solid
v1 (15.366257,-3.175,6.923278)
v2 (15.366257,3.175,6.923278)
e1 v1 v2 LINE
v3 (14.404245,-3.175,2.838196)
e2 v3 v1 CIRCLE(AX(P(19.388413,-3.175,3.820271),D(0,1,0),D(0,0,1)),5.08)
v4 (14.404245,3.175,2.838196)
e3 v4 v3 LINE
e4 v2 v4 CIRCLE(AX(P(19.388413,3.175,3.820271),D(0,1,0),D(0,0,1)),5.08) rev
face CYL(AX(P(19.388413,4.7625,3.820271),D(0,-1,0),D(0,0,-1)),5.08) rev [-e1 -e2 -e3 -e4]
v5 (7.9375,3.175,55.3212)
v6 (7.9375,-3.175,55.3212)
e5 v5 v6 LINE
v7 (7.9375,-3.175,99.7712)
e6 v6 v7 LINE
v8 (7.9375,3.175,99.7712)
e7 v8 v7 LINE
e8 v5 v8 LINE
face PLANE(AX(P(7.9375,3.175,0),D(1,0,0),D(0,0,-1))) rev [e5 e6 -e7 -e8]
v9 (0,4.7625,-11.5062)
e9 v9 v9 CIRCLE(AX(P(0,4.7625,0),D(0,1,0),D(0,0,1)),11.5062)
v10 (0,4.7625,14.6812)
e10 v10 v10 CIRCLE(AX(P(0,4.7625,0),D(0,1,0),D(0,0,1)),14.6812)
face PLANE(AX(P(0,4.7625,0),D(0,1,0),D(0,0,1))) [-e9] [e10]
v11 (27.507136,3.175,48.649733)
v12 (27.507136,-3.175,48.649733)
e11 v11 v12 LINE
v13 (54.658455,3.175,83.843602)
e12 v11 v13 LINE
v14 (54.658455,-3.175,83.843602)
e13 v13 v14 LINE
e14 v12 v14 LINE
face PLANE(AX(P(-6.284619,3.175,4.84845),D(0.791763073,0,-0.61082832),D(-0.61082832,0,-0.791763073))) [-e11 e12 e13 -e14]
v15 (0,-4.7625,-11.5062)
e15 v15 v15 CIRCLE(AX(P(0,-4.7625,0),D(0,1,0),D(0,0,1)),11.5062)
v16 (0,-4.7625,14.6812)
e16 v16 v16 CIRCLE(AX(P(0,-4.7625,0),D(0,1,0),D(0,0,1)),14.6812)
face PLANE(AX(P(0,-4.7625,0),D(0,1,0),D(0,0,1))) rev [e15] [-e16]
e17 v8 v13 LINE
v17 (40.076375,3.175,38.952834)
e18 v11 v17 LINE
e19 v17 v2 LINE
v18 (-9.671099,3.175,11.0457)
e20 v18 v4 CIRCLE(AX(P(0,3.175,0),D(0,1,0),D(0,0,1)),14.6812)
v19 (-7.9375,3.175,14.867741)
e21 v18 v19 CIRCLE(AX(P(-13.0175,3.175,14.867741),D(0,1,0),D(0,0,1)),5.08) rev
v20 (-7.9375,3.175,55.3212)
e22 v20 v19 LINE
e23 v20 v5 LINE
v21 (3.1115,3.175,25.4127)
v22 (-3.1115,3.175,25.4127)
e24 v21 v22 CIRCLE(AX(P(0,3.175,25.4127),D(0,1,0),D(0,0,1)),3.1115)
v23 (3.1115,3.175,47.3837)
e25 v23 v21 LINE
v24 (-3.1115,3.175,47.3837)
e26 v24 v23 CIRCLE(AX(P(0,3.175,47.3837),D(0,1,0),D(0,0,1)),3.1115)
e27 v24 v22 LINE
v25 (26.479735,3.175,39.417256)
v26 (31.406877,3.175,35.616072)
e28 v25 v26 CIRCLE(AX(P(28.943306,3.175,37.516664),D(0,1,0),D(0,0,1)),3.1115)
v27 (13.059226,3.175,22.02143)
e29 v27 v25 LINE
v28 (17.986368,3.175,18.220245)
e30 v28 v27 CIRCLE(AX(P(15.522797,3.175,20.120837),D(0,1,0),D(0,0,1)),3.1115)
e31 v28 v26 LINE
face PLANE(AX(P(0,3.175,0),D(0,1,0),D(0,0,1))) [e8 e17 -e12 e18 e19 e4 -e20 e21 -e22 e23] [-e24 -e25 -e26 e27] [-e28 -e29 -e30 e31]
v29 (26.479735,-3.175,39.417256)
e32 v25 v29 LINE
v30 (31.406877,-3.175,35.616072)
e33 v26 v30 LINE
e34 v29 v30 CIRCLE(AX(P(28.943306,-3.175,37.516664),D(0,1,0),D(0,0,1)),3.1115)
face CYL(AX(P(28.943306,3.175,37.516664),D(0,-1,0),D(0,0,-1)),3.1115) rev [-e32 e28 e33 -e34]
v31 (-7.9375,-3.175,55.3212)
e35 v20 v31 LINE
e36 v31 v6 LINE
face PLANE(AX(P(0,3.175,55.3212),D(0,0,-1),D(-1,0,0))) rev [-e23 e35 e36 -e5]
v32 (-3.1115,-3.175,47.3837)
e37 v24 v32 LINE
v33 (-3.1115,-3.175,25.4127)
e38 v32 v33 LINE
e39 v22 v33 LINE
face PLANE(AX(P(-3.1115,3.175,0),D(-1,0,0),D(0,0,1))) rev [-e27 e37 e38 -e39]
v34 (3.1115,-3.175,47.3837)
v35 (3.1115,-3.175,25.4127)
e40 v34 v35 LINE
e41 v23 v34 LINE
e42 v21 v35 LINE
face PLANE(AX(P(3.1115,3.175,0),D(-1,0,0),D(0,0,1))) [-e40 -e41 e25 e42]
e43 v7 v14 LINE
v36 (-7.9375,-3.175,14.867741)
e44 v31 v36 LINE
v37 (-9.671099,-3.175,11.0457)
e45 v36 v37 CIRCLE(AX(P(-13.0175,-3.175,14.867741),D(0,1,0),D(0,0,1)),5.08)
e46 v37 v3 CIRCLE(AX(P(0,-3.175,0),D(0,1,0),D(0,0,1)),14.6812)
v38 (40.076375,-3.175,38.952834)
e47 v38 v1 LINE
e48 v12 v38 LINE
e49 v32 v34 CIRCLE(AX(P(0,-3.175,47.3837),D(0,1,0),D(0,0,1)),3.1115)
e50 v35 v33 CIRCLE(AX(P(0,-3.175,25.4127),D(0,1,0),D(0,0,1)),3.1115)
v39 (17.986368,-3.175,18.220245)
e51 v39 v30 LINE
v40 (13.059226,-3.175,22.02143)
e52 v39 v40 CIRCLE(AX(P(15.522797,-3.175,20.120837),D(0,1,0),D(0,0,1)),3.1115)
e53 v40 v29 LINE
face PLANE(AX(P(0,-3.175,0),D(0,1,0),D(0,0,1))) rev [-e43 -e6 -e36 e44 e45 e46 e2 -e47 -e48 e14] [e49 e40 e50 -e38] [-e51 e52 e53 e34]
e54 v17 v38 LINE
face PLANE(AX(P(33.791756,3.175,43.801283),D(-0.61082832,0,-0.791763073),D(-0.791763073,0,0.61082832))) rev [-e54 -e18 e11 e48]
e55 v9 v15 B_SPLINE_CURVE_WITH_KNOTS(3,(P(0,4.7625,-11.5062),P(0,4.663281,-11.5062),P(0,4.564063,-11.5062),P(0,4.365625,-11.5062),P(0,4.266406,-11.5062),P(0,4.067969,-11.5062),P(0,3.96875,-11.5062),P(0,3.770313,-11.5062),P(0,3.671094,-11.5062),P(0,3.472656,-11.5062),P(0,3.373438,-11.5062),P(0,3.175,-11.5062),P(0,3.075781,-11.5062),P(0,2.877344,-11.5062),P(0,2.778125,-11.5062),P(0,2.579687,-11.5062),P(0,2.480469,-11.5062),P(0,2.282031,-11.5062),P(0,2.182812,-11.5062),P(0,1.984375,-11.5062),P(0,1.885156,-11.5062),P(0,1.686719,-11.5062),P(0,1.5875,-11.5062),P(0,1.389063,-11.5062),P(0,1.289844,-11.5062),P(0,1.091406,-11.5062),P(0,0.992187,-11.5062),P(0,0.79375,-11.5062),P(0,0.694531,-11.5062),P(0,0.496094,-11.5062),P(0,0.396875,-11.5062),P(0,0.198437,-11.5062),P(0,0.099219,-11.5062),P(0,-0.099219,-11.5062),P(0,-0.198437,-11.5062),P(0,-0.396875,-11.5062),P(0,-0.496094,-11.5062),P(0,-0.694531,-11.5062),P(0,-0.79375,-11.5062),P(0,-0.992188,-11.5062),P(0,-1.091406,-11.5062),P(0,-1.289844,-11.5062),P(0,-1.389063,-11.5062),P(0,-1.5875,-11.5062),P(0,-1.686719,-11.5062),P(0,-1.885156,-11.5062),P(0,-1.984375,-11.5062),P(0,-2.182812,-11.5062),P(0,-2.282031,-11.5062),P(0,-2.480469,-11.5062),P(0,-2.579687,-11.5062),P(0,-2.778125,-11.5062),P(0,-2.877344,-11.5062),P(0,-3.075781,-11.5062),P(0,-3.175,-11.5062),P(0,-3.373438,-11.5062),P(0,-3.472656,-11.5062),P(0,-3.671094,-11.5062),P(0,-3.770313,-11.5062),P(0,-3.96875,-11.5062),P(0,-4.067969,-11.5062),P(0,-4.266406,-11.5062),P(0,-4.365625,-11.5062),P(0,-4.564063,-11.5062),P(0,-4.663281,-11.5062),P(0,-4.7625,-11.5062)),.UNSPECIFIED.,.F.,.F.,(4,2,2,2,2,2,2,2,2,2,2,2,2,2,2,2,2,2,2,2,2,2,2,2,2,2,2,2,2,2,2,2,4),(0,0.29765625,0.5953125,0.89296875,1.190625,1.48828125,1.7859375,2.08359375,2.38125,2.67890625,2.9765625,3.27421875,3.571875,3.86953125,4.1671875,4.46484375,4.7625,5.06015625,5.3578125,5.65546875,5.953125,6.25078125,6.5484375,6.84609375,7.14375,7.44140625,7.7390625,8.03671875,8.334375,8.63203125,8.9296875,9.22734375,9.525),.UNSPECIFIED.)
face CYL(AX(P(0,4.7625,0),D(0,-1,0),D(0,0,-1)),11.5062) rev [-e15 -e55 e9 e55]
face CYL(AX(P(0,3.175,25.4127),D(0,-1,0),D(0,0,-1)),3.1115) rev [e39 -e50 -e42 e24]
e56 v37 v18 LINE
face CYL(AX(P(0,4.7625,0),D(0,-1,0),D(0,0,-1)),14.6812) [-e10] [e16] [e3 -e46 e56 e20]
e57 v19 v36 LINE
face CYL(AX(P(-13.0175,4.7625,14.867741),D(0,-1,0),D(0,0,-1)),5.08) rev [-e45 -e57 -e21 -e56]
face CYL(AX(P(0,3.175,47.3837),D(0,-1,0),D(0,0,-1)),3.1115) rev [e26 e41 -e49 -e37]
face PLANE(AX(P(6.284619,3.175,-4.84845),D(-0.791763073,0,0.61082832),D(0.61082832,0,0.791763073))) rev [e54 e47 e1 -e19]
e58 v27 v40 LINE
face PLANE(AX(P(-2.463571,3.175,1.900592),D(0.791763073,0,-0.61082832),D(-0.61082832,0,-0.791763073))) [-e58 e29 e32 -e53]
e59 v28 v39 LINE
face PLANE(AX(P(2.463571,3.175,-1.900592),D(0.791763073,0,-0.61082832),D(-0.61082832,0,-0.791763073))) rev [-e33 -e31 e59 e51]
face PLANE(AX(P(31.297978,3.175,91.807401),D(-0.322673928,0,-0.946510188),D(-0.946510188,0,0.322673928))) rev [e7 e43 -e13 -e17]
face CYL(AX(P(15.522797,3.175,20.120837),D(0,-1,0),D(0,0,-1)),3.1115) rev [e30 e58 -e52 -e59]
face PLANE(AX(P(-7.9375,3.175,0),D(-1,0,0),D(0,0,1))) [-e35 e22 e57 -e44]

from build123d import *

# Parameters (mm, degrees)
SKETCH1_R             = 14.6812
SKETCH1_R_2           = 11.5062
BEARING_EXTRUDE_DEPTH = 4.7625
BOSS_EXTRUDE2_DEPTH   = 3.175
FILLET1_R             = 5.08


with BuildPart() as part:
    # Sketch1 → Bearing extrude (new, symmetric)
    with BuildSketch(Plane(origin=(0, 0, 0), x_dir=(1, 0, 0), z_dir=(0, 1, 0))):
        with Locations(Location((0, 0, 0), (0, 0, 90))):
            Circle(SKETCH1_R)
        with Locations(Location((0, 0, 0), (0, 0, 90))):
            Circle(SKETCH1_R_2, mode=Mode.SUBTRACT)
    extrude(amount=BEARING_EXTRUDE_DEPTH, both=True)

    # Sketch1<5> → Boss-Extrude2 (add, symmetric)
    with BuildSketch(Plane(origin=(0, 0, 0), x_dir=(1, 0, 0), z_dir=(0, 1, 0))):
        with BuildLine():
            Line((-7.9375, -12.350454534), (-7.9375, -55.3212))
            Line((-7.9375, -55.3212), (7.9375, -55.3212))
            Line((7.9375, -55.3212), (7.9375, -99.7712))
            Line((7.9375, -99.7712), (54.658455113, -83.843601666))
            Line((54.658455113, -83.843601666), (27.50713628, -48.649733087))
            Line((27.50713628, -48.649733087), (33.791755669, -43.801283295))
            Line((33.791755669, -43.801283295), (40.076375058, -38.952833503))
            Line((40.076375058, -38.952833503), (13.828626786, -4.930184039))
            ThreePointArc((13.828626786, -4.930184039), (4.737240469, -13.895905375), (-7.9375, -12.350454534))
        make_face()
        with BuildLine():
            ThreePointArc((3.1115, -47.3837), (0, -50.4952), (-3.1115, -47.3837))
            Line((-3.1115, -47.3837), (-3.1115, -25.4127))
            ThreePointArc((-3.1115, -25.4127), (0, -22.3012), (3.1115, -25.4127))
            Line((3.1115, -25.4127), (3.1115, -47.3837))
        make_face(mode=Mode.SUBTRACT)
        with BuildLine():
            ThreePointArc((31.406876677, -35.616071587), (32.029235213, -37.914749808), (30.843898195, -39.980234706))
            ThreePointArc((30.843898195, -39.980234706), (28.545219974, -40.602593241), (26.479735076, -39.417256224))
            Line((26.479735076, -39.417256224), (13.059226053, -22.021429755))
            ThreePointArc((13.059226053, -22.021429755), (13.622204535, -17.657266636), (17.986367654, -18.220245118))
            Line((17.986367654, -18.220245118), (31.406876677, -35.616071587))
        make_face(mode=Mode.SUBTRACT)
    extrude(amount=BOSS_EXTRUDE2_DEPTH, both=True)

    # Fillet1
    fillet1_edges = [part.edges().sort_by_distance(p)[0] for p in [
        (13.828626786, 0, 4.930184039),
        (-7.9375, 0, 12.350454534),
    ]]
    fillet(fillet1_edges, radius=FILLET1_R)


solid = part.part
